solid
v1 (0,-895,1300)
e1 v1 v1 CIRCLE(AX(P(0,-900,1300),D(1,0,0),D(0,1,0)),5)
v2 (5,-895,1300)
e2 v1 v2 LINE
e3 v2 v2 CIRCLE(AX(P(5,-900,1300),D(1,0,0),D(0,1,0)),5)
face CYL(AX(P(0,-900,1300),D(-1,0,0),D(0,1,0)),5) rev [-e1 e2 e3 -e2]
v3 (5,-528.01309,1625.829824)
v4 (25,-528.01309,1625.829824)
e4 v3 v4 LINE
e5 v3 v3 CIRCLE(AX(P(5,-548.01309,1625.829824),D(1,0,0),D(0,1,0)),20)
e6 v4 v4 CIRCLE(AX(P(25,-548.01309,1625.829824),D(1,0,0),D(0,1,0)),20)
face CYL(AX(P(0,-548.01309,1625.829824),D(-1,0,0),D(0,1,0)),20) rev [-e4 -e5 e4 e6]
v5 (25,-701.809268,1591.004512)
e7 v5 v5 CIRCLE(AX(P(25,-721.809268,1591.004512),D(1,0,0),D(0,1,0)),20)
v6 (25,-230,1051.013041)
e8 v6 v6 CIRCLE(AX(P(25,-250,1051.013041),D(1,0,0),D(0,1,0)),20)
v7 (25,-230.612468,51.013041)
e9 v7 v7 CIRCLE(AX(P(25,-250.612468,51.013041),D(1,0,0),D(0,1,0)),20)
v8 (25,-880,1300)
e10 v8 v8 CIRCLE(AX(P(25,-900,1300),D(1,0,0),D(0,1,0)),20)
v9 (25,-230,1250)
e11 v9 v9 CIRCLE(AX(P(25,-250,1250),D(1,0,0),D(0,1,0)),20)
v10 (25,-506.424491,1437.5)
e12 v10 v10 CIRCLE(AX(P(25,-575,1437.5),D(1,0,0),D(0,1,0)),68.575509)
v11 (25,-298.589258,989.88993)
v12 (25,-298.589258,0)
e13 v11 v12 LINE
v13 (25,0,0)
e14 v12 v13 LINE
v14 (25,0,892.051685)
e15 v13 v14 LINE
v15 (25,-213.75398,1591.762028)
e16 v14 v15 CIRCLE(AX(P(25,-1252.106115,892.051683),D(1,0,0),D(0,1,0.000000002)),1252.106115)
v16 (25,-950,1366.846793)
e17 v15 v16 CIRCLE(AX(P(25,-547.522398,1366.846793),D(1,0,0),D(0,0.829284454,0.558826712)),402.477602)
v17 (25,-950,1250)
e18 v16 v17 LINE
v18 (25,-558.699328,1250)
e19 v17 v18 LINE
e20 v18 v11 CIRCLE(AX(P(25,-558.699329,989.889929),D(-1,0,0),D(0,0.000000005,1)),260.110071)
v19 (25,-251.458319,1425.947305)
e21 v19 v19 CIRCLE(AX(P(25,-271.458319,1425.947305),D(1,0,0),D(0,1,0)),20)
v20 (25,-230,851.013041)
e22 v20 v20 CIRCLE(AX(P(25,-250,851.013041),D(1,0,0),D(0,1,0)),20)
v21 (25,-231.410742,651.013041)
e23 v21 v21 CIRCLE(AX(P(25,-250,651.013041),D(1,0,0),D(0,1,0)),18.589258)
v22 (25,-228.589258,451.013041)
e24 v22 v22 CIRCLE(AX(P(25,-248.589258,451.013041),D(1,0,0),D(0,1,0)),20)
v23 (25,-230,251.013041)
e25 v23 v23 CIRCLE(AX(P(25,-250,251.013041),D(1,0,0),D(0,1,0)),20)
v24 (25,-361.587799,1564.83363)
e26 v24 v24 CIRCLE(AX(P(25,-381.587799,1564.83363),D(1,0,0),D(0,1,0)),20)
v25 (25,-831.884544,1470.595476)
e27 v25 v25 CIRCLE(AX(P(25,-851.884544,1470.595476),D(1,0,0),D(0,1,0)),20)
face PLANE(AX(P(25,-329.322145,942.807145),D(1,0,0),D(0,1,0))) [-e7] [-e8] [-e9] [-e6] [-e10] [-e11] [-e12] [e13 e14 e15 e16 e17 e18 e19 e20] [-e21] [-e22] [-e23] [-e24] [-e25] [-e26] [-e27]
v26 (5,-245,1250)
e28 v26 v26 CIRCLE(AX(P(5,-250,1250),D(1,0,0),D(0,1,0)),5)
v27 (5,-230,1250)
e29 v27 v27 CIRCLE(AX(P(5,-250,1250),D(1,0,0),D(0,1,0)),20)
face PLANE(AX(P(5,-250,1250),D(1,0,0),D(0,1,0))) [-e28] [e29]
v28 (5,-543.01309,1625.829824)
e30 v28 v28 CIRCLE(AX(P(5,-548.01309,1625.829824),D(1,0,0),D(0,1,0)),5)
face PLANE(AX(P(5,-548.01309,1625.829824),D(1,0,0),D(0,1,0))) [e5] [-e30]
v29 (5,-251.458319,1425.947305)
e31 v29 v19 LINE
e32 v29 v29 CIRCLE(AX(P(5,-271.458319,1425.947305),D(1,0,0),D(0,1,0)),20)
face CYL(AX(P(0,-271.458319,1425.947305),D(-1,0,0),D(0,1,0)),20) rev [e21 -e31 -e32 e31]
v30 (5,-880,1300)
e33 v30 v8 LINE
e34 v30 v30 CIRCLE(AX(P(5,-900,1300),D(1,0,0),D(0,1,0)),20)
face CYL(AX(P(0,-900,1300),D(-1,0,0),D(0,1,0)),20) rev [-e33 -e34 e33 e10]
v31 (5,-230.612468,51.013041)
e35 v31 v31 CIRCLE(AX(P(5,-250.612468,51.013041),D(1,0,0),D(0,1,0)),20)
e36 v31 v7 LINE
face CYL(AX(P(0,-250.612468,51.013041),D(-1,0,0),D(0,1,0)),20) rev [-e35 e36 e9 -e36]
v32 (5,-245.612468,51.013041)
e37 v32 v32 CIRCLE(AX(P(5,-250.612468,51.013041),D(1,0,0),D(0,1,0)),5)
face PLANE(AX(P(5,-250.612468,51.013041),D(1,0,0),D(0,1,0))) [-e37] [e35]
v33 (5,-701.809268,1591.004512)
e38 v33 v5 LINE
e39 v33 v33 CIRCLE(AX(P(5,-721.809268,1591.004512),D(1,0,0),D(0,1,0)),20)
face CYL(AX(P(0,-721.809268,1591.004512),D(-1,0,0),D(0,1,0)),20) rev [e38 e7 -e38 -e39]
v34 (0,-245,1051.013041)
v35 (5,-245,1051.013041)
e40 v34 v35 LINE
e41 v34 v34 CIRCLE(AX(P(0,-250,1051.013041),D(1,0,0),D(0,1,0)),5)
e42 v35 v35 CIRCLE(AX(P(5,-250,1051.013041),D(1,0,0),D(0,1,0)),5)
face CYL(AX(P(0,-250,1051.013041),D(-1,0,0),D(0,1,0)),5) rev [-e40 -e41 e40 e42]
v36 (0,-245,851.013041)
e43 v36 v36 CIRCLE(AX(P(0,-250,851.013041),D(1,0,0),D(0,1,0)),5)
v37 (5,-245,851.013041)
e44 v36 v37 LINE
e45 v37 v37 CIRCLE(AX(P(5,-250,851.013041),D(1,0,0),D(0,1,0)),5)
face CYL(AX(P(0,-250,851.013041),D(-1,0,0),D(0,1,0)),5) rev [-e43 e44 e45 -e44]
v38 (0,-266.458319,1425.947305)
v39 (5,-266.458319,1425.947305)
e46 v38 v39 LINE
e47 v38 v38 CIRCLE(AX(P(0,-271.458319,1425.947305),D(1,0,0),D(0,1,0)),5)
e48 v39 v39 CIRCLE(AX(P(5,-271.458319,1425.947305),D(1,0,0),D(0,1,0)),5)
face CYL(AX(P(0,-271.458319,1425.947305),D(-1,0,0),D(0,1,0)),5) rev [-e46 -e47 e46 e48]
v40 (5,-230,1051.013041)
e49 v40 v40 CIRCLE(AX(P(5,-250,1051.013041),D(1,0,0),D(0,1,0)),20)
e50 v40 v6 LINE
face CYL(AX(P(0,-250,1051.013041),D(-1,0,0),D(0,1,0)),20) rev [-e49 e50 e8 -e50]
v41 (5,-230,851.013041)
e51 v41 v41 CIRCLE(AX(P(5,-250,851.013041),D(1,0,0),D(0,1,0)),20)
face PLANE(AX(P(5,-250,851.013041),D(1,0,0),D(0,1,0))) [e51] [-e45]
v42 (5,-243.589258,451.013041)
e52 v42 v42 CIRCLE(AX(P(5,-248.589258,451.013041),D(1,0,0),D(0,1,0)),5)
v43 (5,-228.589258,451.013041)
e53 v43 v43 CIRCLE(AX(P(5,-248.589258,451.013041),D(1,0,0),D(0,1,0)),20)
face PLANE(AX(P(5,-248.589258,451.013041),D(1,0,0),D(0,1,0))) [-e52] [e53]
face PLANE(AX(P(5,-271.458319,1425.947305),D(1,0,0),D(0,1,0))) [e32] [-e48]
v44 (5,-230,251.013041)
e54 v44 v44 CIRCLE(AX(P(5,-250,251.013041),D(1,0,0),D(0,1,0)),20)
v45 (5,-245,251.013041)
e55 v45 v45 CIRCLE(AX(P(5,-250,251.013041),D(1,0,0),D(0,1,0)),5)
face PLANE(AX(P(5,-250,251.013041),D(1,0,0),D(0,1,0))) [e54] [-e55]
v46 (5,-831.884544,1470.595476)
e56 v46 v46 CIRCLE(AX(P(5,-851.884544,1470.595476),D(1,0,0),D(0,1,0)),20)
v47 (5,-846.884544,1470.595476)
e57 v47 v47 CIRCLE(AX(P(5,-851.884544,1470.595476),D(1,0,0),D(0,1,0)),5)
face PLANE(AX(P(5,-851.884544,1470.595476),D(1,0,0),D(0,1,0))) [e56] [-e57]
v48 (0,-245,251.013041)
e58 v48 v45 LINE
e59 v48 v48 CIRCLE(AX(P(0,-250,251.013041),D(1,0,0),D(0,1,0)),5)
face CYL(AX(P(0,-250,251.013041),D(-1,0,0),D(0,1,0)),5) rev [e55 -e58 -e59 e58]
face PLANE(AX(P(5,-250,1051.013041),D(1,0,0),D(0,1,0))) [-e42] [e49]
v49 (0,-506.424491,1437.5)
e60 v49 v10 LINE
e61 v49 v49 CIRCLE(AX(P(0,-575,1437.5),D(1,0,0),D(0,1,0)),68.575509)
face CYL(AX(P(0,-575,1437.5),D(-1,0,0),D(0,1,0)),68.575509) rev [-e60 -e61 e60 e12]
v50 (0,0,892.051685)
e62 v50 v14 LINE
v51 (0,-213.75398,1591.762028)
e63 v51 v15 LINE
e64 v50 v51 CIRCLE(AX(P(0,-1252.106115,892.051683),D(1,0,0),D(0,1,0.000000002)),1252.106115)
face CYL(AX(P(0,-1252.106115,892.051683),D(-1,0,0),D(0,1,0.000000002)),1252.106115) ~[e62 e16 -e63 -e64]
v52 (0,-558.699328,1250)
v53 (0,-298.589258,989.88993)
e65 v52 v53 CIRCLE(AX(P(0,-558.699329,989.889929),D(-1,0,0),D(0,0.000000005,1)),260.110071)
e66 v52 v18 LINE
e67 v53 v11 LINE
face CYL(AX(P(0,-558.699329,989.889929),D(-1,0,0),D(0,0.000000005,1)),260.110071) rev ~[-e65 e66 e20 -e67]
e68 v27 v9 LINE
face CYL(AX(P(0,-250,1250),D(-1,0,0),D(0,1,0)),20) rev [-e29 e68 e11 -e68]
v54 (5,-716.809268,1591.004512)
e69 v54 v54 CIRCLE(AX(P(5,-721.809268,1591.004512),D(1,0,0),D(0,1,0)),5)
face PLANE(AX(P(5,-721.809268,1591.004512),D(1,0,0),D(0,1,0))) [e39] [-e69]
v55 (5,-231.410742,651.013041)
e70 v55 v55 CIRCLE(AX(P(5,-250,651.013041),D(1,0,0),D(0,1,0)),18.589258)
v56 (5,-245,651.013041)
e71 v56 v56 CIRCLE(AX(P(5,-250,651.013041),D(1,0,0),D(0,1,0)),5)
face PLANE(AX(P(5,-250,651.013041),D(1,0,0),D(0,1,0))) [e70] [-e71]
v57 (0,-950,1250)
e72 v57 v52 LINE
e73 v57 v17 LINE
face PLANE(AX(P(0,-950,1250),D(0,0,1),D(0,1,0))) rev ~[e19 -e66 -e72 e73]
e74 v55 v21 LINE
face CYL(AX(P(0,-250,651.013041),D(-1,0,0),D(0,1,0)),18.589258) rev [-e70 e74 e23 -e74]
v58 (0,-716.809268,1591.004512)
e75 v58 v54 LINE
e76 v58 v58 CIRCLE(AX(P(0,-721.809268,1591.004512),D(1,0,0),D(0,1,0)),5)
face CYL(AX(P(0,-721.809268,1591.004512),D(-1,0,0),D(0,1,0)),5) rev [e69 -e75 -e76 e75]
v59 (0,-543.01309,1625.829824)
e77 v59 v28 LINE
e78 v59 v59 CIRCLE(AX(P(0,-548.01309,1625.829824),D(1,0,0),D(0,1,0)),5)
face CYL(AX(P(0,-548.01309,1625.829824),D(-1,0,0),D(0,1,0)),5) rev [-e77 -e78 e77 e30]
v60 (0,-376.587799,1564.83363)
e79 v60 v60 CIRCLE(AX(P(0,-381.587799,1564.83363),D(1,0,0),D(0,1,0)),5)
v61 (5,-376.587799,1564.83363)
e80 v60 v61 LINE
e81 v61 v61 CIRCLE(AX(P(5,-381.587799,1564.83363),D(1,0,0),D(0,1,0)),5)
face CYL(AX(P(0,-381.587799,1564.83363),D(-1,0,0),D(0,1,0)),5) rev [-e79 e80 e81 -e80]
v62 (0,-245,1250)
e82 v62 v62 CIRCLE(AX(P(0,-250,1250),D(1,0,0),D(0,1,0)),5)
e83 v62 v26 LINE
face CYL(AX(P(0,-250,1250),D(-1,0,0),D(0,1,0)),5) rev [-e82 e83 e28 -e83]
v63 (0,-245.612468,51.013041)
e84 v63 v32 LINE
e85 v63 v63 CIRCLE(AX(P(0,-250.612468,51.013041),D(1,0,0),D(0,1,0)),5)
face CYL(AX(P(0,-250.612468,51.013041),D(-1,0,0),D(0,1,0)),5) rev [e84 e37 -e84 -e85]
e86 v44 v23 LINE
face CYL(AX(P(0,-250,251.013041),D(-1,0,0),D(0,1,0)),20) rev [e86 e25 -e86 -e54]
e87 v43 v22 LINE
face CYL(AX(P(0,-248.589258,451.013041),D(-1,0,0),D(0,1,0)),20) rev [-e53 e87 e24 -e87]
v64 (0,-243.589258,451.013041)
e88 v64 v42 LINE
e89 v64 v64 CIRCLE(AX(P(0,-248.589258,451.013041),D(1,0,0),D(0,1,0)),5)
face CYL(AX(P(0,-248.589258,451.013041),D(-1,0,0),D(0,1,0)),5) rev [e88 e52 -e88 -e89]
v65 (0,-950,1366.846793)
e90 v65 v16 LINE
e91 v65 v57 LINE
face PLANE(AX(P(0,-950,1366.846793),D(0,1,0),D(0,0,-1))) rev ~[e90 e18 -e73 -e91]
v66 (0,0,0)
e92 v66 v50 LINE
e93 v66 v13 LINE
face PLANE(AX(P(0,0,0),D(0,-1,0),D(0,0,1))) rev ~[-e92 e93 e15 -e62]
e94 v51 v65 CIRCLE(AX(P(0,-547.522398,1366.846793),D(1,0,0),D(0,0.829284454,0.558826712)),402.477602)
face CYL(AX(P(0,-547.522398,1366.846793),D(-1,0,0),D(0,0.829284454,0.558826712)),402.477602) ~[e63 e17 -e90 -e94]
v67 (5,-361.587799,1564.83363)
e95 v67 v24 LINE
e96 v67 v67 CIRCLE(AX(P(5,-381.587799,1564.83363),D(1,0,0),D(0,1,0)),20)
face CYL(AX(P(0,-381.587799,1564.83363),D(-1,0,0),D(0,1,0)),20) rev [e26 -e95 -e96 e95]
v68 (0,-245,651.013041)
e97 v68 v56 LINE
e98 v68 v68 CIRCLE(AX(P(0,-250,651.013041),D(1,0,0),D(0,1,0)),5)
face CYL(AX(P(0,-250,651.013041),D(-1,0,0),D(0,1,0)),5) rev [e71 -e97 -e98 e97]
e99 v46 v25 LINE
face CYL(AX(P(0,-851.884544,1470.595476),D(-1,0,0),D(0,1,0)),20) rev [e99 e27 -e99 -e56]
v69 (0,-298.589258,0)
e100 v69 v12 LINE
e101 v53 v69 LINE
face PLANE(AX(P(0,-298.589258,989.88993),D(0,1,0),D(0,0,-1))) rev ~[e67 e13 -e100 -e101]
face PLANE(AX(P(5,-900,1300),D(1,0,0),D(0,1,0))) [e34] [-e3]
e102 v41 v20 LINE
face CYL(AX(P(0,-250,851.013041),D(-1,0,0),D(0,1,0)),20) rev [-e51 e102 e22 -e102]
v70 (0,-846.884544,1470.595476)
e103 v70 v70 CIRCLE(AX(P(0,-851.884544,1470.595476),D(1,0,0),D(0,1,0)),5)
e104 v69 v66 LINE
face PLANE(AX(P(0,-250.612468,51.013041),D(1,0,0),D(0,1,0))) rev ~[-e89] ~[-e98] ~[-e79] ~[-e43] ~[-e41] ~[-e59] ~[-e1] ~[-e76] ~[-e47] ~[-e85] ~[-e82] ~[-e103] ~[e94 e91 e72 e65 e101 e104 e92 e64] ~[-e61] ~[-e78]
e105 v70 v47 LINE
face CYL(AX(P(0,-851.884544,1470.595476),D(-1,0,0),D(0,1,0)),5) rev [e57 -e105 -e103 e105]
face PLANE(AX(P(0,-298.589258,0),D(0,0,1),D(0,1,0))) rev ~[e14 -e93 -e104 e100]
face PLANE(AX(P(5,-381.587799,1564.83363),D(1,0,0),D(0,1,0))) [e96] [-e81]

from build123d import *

# Parameters (mm, degrees)
F0_R     = 20
F0_R_2   = 18.589258
F0_R_3   = 68.575509
F1_DEPTH = 25
F0_R_4   = 5
F2_DEPTH = 5


with BuildPart() as f1:
    # F0 (on Right) → F1 (new body)
    with BuildSketch(Plane.YZ):
        with BuildLine():
            Line((-298.589258, 0), (0, 0))
            Line((0, 0), (0, 892.051685))
            ThreePointArc((0, 892.051685), (-54.630274, 1257.867666), (-213.75398, 1591.762028))
            ThreePointArc((-213.75398, 1591.762028), (-665.110466, 1751.764013), (-950, 1366.846793))
            Line((-950, 1366.846793), (-950, 1253.181696))
            Line((-950, 1253.181696), (-950, 1250))
            Line((-950, 1250), (-850, 1250))
            Line((-850, 1250), (-558.699328, 1250))
            ThreePointArc((-558.699328, 1250), (-374.773734, 1173.815524), (-298.589258, 989.88993))
            Line((-298.589258, 989.88993), (-298.589258, 0))
        make_face()
        with Locations((-250.612468, 51.013041)):
            Circle(F0_R, mode=Mode.SUBTRACT)
        with Locations((-250, 251.013041)):
            Circle(F0_R, mode=Mode.SUBTRACT)
        with Locations((-248.589258, 451.013041)):
            Circle(F0_R, mode=Mode.SUBTRACT)
        with Locations((-250, 651.013041)):
            Circle(F0_R_2, mode=Mode.SUBTRACT)
        with Locations((-250, 851.013041)):
            Circle(F0_R, mode=Mode.SUBTRACT)
        with Locations((-900, 1300)):
            Circle(F0_R, mode=Mode.SUBTRACT)
        with Locations((-851.884544, 1470.595476)):
            Circle(F0_R, mode=Mode.SUBTRACT)
        with Locations((-721.809268, 1591.004512)):
            Circle(F0_R, mode=Mode.SUBTRACT)
        with Locations((-575, 1437.5)):
            Circle(F0_R_3, mode=Mode.SUBTRACT)
        with Locations((-548.01309, 1625.829824)):
            Circle(F0_R, mode=Mode.SUBTRACT)
        with Locations((-250, 1051.013041)):
            Circle(F0_R, mode=Mode.SUBTRACT)
        with Locations((-250, 1250)):
            Circle(F0_R, mode=Mode.SUBTRACT)
        with Locations((-271.458319, 1425.947305)):
            Circle(F0_R, mode=Mode.SUBTRACT)
        with Locations((-381.587799, 1564.83363)):
            Circle(F0_R, mode=Mode.SUBTRACT)
    extrude(amount=F1_DEPTH)

    # F0 (on Right) → F2 (join)
    with BuildSketch(Plane.YZ):
        with Locations((-250.612468, 51.013041)):
            Circle(F0_R)
        with Locations((-250.612468, 51.013041)):
            Circle(F0_R_4, mode=Mode.SUBTRACT)
        with Locations((-250, 251.013041)):
            Circle(F0_R)
        with Locations((-250, 251.013041)):
            Circle(F0_R_4, mode=Mode.SUBTRACT)
        with Locations((-248.589258, 451.013041)):
            Circle(F0_R)
        with Locations((-248.589258, 451.013041)):
            Circle(F0_R_4, mode=Mode.SUBTRACT)
        with Locations((-250, 651.013041)):
            Circle(F0_R_2)
        with Locations((-250, 651.013041)):
            Circle(F0_R_4, mode=Mode.SUBTRACT)
        with Locations((-250, 851.013041)):
            Circle(F0_R)
        with Locations((-250, 851.013041)):
            Circle(F0_R_4, mode=Mode.SUBTRACT)
        with Locations((-250, 1051.013041)):
            Circle(F0_R)
        with Locations((-250, 1051.013041)):
            Circle(F0_R_4, mode=Mode.SUBTRACT)
        with Locations((-250, 1250)):
            Circle(F0_R)
        with Locations((-250, 1250)):
            Circle(F0_R_4, mode=Mode.SUBTRACT)
        with Locations((-271.458319, 1425.947305)):
            Circle(F0_R)
        with Locations((-271.458319, 1425.947305)):
            Circle(F0_R_4, mode=Mode.SUBTRACT)
        with Locations((-381.587799, 1564.83363)):
            Circle(F0_R)
        with Locations((-381.587799, 1564.83363)):
            Circle(F0_R_4, mode=Mode.SUBTRACT)
        with Locations((-548.01309, 1625.829824)):
            Circle(F0_R)
        with Locations((-548.01309, 1625.829824)):
            Circle(F0_R_4, mode=Mode.SUBTRACT)
        with Locations((-721.809268, 1591.004512)):
            Circle(F0_R)
        with Locations((-721.809268, 1591.004512)):
            Circle(F0_R_4, mode=Mode.SUBTRACT)
        with Locations((-851.884544, 1470.595476)):
            Circle(F0_R)
        with Locations((-851.884544, 1470.595476)):
            Circle(F0_R_4, mode=Mode.SUBTRACT)
        with Locations((-900, 1300)):
            Circle(F0_R)
        with Locations((-900, 1300)):
            Circle(F0_R_4, mode=Mode.SUBTRACT)
    extrude(amount=F2_DEPTH)


solid = f1.part
